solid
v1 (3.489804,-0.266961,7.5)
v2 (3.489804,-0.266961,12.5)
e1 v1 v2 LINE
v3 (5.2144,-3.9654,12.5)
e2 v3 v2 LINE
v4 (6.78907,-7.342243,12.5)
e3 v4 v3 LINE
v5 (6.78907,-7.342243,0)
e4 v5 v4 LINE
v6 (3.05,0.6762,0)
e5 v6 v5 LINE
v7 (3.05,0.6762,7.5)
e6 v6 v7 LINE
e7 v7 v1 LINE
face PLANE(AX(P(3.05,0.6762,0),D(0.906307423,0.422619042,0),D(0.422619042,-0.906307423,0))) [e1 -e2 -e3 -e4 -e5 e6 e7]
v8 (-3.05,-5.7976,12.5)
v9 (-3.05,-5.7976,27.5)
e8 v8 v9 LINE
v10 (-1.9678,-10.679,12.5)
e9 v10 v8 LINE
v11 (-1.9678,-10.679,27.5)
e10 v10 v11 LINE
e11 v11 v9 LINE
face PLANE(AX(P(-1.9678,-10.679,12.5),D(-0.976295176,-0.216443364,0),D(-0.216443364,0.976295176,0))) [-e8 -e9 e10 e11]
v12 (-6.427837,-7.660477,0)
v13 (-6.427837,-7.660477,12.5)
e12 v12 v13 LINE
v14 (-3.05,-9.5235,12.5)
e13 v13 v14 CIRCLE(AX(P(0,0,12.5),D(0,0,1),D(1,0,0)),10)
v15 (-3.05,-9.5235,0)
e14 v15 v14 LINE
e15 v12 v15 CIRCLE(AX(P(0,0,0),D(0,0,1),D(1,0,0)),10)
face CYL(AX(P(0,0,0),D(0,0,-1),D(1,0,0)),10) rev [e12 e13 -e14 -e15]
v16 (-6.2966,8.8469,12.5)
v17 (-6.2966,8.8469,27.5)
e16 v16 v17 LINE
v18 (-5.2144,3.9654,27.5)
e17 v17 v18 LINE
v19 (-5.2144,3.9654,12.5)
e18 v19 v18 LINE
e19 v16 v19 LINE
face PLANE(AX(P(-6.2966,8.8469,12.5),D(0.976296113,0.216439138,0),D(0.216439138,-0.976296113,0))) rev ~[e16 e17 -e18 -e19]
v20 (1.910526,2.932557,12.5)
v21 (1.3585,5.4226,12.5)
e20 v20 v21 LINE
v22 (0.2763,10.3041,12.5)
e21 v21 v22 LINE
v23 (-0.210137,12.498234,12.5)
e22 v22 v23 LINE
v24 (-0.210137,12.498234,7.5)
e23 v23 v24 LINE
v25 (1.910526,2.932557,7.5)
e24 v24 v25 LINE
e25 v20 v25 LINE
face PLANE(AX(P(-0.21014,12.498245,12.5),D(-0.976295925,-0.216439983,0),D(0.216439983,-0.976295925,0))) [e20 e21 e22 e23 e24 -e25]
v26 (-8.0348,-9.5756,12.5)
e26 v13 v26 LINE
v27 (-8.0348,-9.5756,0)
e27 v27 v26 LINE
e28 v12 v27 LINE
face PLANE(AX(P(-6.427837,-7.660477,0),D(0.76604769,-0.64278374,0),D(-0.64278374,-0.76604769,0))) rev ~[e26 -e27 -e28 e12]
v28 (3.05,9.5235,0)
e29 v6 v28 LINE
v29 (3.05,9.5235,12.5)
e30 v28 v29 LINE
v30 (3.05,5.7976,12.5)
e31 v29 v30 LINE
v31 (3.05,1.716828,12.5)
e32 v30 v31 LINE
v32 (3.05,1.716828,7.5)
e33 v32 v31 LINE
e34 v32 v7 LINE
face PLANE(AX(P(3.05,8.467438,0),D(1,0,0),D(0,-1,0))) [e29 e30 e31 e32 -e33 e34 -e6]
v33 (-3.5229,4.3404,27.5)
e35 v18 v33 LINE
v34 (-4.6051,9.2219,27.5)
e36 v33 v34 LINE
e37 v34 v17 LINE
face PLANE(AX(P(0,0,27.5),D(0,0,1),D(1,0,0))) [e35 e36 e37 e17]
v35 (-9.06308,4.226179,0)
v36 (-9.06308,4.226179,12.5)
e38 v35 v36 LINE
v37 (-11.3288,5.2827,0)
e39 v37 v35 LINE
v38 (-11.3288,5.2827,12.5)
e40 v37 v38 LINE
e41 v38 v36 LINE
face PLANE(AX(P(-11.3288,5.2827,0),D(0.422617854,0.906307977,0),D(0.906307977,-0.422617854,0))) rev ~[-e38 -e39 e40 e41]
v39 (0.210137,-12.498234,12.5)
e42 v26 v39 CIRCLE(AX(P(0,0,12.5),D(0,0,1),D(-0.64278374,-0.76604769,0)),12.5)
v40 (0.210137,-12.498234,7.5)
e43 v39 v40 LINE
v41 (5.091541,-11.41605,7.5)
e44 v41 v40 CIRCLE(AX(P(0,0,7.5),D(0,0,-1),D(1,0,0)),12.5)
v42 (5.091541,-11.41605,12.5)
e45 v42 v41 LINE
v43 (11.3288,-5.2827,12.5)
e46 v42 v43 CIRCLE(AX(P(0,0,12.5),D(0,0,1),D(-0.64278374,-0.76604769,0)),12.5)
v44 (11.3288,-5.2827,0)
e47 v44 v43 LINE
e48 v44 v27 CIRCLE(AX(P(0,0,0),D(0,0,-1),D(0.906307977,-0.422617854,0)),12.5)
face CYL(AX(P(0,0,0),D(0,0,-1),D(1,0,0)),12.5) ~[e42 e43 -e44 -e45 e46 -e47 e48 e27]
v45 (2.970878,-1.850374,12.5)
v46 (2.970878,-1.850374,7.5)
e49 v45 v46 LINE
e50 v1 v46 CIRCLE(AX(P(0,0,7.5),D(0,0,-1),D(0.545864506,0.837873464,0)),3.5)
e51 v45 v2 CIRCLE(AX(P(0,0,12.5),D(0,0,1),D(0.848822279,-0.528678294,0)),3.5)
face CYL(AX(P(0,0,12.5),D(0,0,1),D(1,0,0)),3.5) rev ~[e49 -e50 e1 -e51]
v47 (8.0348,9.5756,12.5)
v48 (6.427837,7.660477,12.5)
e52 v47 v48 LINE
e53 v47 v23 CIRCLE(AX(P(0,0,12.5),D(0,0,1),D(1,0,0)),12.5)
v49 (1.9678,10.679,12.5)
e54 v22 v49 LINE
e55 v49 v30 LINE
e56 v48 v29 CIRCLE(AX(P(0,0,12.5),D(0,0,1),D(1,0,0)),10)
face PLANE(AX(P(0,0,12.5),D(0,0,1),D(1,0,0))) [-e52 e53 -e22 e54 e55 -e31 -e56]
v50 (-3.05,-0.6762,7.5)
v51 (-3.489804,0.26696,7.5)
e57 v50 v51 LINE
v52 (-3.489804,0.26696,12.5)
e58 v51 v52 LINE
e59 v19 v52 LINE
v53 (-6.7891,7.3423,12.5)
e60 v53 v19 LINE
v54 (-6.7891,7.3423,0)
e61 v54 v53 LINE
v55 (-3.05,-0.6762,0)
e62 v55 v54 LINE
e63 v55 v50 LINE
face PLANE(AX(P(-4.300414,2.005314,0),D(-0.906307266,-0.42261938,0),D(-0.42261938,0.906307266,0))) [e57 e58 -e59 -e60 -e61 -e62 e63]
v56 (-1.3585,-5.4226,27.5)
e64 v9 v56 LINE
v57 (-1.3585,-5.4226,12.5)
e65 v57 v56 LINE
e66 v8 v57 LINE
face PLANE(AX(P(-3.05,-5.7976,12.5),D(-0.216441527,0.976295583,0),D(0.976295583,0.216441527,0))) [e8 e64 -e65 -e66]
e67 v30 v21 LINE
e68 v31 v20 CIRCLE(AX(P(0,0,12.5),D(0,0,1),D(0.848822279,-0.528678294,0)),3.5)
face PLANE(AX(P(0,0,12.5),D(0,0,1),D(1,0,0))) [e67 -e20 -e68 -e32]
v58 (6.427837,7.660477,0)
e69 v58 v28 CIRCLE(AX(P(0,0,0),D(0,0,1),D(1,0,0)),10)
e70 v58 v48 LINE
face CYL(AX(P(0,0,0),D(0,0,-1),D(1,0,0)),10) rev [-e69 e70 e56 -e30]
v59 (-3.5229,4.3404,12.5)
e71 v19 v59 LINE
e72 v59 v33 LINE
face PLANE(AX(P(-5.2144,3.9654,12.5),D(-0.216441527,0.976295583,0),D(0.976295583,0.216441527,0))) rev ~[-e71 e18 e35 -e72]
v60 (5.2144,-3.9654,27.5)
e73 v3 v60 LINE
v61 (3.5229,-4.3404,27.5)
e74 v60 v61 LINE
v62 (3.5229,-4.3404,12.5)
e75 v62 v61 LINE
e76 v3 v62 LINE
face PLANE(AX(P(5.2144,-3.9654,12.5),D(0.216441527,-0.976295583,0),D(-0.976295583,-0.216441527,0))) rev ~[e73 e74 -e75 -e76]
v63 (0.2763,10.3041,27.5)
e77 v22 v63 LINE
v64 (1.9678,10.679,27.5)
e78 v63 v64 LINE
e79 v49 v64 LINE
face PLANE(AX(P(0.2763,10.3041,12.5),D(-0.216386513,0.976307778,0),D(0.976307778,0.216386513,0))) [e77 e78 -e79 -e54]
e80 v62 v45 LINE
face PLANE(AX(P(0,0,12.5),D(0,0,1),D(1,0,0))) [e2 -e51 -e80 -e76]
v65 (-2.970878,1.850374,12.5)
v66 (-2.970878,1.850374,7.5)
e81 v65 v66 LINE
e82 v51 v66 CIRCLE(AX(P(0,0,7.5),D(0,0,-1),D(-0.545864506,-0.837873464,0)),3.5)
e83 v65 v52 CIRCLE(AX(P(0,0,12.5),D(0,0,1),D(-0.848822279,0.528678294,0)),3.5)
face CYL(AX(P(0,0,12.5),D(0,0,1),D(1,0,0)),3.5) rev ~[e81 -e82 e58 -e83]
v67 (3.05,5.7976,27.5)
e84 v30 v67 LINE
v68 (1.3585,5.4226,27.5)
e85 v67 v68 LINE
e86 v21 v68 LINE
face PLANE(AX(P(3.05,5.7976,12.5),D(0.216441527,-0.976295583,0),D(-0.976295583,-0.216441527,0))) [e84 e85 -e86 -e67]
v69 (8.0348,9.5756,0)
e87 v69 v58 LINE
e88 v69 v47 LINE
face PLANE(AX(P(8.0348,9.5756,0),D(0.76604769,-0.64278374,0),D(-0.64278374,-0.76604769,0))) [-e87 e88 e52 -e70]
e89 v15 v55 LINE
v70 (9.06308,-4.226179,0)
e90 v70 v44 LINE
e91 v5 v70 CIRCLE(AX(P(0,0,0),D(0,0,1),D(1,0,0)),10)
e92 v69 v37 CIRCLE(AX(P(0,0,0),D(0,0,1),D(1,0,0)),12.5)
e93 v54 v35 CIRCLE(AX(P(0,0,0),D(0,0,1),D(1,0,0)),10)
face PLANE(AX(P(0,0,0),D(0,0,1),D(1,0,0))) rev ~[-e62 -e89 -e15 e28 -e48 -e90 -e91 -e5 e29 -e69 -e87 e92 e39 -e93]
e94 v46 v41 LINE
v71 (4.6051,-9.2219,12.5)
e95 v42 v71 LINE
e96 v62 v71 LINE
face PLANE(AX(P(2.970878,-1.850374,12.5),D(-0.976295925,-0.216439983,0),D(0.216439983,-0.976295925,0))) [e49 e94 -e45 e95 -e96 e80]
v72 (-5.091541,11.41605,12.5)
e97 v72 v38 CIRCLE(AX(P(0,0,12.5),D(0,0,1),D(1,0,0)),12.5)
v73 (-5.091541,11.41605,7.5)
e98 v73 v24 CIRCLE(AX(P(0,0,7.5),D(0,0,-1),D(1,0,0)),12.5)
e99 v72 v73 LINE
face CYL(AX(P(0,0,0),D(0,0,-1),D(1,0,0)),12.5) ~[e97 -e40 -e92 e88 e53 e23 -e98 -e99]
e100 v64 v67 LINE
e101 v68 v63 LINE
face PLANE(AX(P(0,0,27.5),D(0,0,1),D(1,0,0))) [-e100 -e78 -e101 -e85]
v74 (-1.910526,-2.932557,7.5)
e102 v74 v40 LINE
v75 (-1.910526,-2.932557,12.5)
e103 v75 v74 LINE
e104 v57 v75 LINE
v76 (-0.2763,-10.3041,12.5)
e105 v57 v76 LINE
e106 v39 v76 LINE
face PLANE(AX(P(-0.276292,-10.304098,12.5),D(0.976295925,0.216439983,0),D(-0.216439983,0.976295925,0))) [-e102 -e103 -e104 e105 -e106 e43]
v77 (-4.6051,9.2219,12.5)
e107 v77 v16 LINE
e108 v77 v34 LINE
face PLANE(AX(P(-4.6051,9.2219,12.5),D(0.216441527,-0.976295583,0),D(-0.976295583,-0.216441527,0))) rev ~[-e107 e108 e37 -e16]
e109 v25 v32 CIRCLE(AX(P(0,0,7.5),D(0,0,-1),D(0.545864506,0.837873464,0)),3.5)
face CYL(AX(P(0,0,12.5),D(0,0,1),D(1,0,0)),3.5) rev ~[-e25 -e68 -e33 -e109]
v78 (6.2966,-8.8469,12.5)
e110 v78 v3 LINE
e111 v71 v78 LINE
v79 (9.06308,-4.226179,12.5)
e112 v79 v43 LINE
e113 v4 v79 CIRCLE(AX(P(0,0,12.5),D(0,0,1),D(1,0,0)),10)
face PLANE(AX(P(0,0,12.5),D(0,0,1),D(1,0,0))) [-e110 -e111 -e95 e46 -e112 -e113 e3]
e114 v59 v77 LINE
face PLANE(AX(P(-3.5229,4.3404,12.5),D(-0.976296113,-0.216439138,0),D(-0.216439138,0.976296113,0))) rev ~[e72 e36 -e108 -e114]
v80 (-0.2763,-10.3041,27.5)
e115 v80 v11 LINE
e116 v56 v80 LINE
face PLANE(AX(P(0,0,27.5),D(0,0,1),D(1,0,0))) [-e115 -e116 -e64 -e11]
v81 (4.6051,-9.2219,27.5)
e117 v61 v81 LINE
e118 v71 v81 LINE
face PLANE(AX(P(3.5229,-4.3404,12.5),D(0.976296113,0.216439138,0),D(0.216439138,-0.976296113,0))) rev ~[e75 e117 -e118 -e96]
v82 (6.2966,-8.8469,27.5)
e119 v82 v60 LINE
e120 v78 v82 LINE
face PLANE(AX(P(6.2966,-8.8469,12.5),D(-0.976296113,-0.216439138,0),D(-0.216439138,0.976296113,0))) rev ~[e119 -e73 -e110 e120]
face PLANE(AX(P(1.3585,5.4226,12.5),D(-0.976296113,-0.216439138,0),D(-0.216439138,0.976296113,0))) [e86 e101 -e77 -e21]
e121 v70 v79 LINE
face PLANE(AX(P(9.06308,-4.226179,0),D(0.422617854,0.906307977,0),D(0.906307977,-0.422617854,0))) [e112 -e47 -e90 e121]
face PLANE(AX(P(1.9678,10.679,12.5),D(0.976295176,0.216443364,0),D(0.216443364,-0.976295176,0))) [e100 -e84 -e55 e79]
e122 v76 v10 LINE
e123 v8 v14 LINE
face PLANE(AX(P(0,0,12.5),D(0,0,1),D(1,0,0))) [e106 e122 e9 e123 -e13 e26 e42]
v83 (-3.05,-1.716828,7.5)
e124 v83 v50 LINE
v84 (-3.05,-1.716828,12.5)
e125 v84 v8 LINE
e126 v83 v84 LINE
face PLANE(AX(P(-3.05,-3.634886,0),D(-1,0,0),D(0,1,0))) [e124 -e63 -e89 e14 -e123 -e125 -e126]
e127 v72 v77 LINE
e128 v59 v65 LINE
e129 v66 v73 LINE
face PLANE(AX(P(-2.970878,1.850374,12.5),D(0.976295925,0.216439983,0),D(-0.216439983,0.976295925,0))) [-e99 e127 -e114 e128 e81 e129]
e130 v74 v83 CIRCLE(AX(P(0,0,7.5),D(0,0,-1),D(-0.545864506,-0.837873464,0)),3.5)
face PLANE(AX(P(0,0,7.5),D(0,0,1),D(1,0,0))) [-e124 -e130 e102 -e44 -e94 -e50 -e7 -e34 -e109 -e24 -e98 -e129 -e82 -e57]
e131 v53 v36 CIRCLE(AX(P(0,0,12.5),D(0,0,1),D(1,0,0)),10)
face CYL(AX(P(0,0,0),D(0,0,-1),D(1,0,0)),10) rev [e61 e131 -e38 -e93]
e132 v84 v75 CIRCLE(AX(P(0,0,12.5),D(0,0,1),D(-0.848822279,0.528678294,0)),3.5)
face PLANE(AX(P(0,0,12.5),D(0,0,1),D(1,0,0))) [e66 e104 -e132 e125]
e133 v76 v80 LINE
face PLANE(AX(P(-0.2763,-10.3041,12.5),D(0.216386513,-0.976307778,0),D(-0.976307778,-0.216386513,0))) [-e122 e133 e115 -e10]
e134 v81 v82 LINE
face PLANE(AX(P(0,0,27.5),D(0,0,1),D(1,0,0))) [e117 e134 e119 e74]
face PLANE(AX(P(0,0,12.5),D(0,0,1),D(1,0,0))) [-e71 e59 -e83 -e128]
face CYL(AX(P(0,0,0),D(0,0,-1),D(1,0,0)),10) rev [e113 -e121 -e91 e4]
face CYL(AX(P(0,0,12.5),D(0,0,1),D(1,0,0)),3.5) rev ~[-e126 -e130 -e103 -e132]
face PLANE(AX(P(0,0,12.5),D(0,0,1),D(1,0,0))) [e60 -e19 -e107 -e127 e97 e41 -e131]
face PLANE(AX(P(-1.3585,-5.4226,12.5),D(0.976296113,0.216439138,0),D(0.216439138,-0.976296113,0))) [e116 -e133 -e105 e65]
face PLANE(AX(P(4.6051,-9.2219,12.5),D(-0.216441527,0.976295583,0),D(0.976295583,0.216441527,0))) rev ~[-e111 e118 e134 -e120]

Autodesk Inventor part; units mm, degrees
ref_plane "YZ Plane" through (0, 0, 0) normal (1, 0, 0) x (0, 1, 0)
ref_plane "XZ Plane" through (0, 0, 0) normal (0, 1, 0) x (-1, 0, 0)
ref_plane "XY Plane" through (0, 0, 0) normal (0, 0, 1) x (1, 0, 0)
sketch "스케치2" plane through (0, 0, 0) normal (0, 0, 1) x (1, 0, 0)
  circle A0 centre (0, 0) radius 9
  line L0 (-3.05, -9.5235) -> (-3.05, -0.6762)
  line L1 (-3.05, -0.6762) -> (-6.7891, 7.3423)
  line L2 (3.05, 9.5235) -> (3.05, 0.6762)
  line L3 (3.05, 0.6762) -> (7.8873, -9.6974)
  line L4 (-3.05, -0.6762) -> (3.05, 0.6762) construction
  circle A1 centre (0, 0) radius 12.5
  line L5 (-11.3288, 5.2827) -> (11.3288, -5.2827)
  line L6 (8.0348, 9.5756) -> (-8.0348, -9.5756)
  circle A2 centre (0, 0) radius 10
  point P0 (5.7851, 6.8944)
  point P1 (-8.1568, 3.8036)
  point P2 (6.3427, -6.3851)
  point P3 (-5.7851, -6.8944)
  point P4 (8.1568, -3.8036)
  point P5 (-6.4279, -7.6604)
  point P6 (9.0631, -4.2262)
  point P7 (6.7891, -7.3423)
  point P8 (6.4279, 7.6604)
  point P9 (-9.0631, 4.2262)
  dimension "d12" = 18
  dimension "d14" = 6.1
  dimension "d15" = 25
  dimension "d16" = 6.1
  dimension "d17" = 25
  dimension "d19" = 40
  dimension "d20" = 40
  dimension "d36" = 20
extrude "돌출1" add sketch "스케치2" along normal blind 12.5 contours L2 L6 L5 L1 A0 | A0 L1 A2 L2 | A2 L5 A1 L6 | L2 L3 L5 L6 | L3 A2 L0 A0 | A0 L0 L6 L5 L3 | L5 A1 L3 A2 | L6 L0 L1 L5 | L3 A1 L6 A2 picked at (3.8905, 10.9384)
sketch "스케치3" plane through (0, 0, 12.5) normal (0, 0, 1) x (1, 0, 0)
  arc A0 (8.0348, 9.5756) -> (-11.3288, 5.2827) centre (0, 0) ccw projected
  line L0 (-11.3288, 5.2827) -> (-9.0631, 4.2262) projected
  line L1 (-6.7891, 7.3423) -> (-3.05, -0.6762) projected
  line L2 (-3.05, -0.6762) -> (-3.05, -9.5235) projected
  line L3 (-6.4279, -7.6604) -> (-8.0348, -9.5756) projected
  arc A1 (-8.0348, -9.5756) -> (11.3288, -5.2827) centre (0, 0) ccw projected
  line L4 (11.3288, -5.2827) -> (9.0631, -4.2262) projected
  line L5 (6.7891, -7.3423) -> (3.05, 0.6762) projected
  line L6 (3.05, 0.6762) -> (3.05, 9.5235) projected
  line L7 (6.4279, 7.6604) -> (8.0348, 9.5756) projected
  arc A2 (8.0348, 9.5756) -> (-11.3288, 5.2827) centre (0, 0) ccw projected
  line L8 (-2.7055, 12.2037) -> (2.7055, -12.2037)
  arc A3 (-8.0348, -9.5756) -> (11.3288, -5.2827) centre (0, 0) ccw projected
  line L9 (3.05, 0.6762) -> (3.05, 9.5235) projected
  line L10 (-3.05, -0.6762) -> (3.05, 0.6762)
  line L11 (-3.5229, 4.3404) -> (-4.6051, 9.2219)
  line L12 (-4.6051, 9.2219) -> (-6.2966, 8.8469)
  line L13 (-6.2966, 8.8469) -> (-5.2144, 3.9654)
  line L14 (-5.2144, 3.9654) -> (-3.5229, 4.3404)
  line L15 (-3.5229, 4.3404) -> (-6.2966, 8.8469) construction
  line L16 (-4.6051, 9.2219) -> (-5.2144, 3.9654) construction
  line L17 (1.3585, 5.4226) -> (0.2763, 10.3041)
  line L18 (0.2763, 10.3041) -> (1.9678, 10.679)
  line L19 (1.9678, 10.679) -> (3.05, 5.7976)
  line L20 (3.05, 5.7976) -> (1.3585, 5.4226)
  line L21 (1.3585, 5.4226) -> (1.9678, 10.679) construction
  line L22 (0.2763, 10.3041) -> (3.05, 5.7976) construction
  line L23 (-1.3585, -5.4226) -> (-0.2763, -10.3041)
  line L24 (-0.2763, -10.3041) -> (-1.9678, -10.679)
  line L25 (-1.9678, -10.679) -> (-3.05, -5.7976)
  line L26 (-3.05, -5.7976) -> (-1.3585, -5.4226)
  line L27 (-1.3585, -5.4226) -> (-1.9678, -10.679) construction
  line L28 (-0.2763, -10.3041) -> (-3.05, -5.7976) construction
  line L29 (3.5229, -4.3404) -> (4.6051, -9.2219)
  line L30 (4.6051, -9.2219) -> (5.2144, -3.9654) construction
  line L31 (4.6051, -9.2219) -> (6.2966, -8.8469)
  line L32 (6.2966, -8.8469) -> (5.2144, -3.9654)
  line L33 (5.2144, -3.9654) -> (3.5229, -4.3404)
  line L34 (3.5229, -4.3404) -> (6.2966, -8.8469) construction
  arc A4 (-6.7891, 7.3423) -> (-9.0631, 4.2262) centre (0, 0) ccw projected
  arc A5 (-6.4279, -7.6604) -> (-3.05, -9.5235) centre (0, 0) ccw projected
  arc A6 (6.7891, -7.3423) -> (9.0631, -4.2262) centre (0, 0) ccw projected
  arc A7 (6.4279, 7.6604) -> (3.05, 9.5235) centre (0, 0) ccw projected
  point P0 (3.05, 8.4674)
  point P1 (-4.9098, 6.5936)
  point P2 (1.6632, 8.0508)
  point P3 (-1.6632, -8.0508)
  point P4 (4.9098, -6.5936)
  dimension "d32" = 2.5
  dimension "d33" = 5
  dimension "d35" = 5
extrude "돌출2" add sketch "스케치3" along normal blind 15 contours L20 L17 L18 L19 | L13 L12 L11 L14 | L32 L31 L29 L33 | L26 L23 L24 L25
sketch "스케치4" plane through (0, 0, 12.5) normal (0, 0, 1) x (1, 0, 0)
  line L0 (0.2648, -12.7448) -> (-5.1462, 11.6626)
  line L1 (-5.1462, 11.6626) -> (-0.2648, 12.7448)
  line L2 (-0.2648, 12.7448) -> (5.1462, -11.6626)
  line L3 (5.1462, -11.6626) -> (0.2648, -12.7448)
  line L4 (0.2648, -12.7448) -> (-0.2648, 12.7448) construction
  line L5 (-5.1462, 11.6626) -> (5.1462, -11.6626) construction
  line L6 (-5.0577, 22.8136) -> (5.0577, -22.8136) projected
  circle A0 centre (0, 0) radius 3.5
  line L7 (-6.4279, -7.6604) -> (-8.0348, -9.5756) projected
  arc A1 (-8.0348, -9.5756) -> (11.3288, -5.2827) centre (0, 0) ccw projected
  line L8 (11.3288, -5.2827) -> (9.0631, -4.2262) projected
  arc A2 (6.7891, -7.3423) -> (9.0631, -4.2262) centre (0, 0) ccw projected
  line L9 (6.7891, -7.3423) -> (5.2144, -3.9654) projected
  line L10 (5.2144, -3.9654) -> (6.2966, -8.8469) projected
  line L11 (6.2966, -8.8469) -> (4.6051, -9.2219) projected
  line L12 (4.6051, -9.2219) -> (3.5229, -4.3404) projected
  line L13 (3.5229, -4.3404) -> (5.2144, -3.9654) projected
  line L14 (5.2144, -3.9654) -> (3.05, 0.6762) projected
  line L15 (3.05, 0.6762) -> (3.05, 5.7976) projected
  line L16 (3.05, 5.7976) -> (1.3585, 5.4226) projected
  line L17 (1.3585, 5.4226) -> (0.2763, 10.3041) projected
  line L18 (0.2763, 10.3041) -> (1.9678, 10.679) projected
  line L19 (1.9678, 10.679) -> (3.05, 5.7976) projected
  line L20 (3.05, 5.7976) -> (3.05, 9.5235) projected
  arc A3 (6.4279, 7.6604) -> (3.05, 9.5235) centre (0, 0) ccw projected
  line L21 (6.4279, 7.6604) -> (8.0348, 9.5756) projected
  arc A4 (8.0348, 9.5756) -> (-11.3288, 5.2827) centre (0, 0) ccw projected
  line L22 (-11.3288, 5.2827) -> (-9.0631, 4.2262) projected
  arc A5 (-6.7891, 7.3423) -> (-9.0631, 4.2262) centre (0, 0) ccw projected
  line L23 (-6.7891, 7.3423) -> (-5.2144, 3.9654) projected
  line L24 (-5.2144, 3.9654) -> (-6.2966, 8.8469) projected
  line L25 (-6.2966, 8.8469) -> (-4.6051, 9.2219) projected
  line L26 (-4.6051, 9.2219) -> (-3.5229, 4.3404) projected
  line L27 (-3.5229, 4.3404) -> (-5.2144, 3.9654) projected
  line L28 (-5.2144, 3.9654) -> (-3.05, -0.6762) projected
  line L29 (-3.05, -0.6762) -> (-3.05, -5.7976) projected
  line L30 (-3.05, -5.7976) -> (-1.3585, -5.4226) projected
  line L31 (-1.3585, -5.4226) -> (-0.2763, -10.3041) projected
  line L32 (-0.2763, -10.3041) -> (-1.9678, -10.679) projected
  line L33 (-1.9678, -10.679) -> (-3.05, -5.7976) projected
  line L34 (-3.05, -5.7976) -> (-3.05, -9.5235) projected
  arc A6 (-6.4279, -7.6604) -> (-3.05, -9.5235) centre (0, 0) ccw projected
  line L35 (-1.3585, -5.4226) -> (-3.05, -5.7976) projected
  line L36 (-3.05, -5.7976) -> (-1.9678, -10.679) projected
  line L37 (-1.9678, -10.679) -> (-0.2763, -10.3041) projected
  line L38 (-0.2763, -10.3041) -> (-1.3585, -5.4226) projected
  line L39 (6.2966, -8.8469) -> (5.2144, -3.9654) projected
  line L40 (5.2144, -3.9654) -> (3.5229, -4.3404) projected
  line L41 (3.5229, -4.3404) -> (4.6051, -9.2219) projected
  line L42 (4.6051, -9.2219) -> (6.2966, -8.8469) projected
  point P0 (1.9106, 2.9325)
  point P1 (2.9709, -1.8503)
  point P2 (-2.9709, 1.8503)
  point P3 (-1.9106, -2.9325)
  dimension "d37" = 7
extrude "돌출3" cut sketch "스케치4" against normal blind 5 contours L0 A0 L6 A1 | A1 L3 L0 | A0 L29 L28 L0 | L0 A0 L6 | A1 L2 L3 | L6 A0 L2 A1 | L0 A4 L6 A0 | A0 L28 L29 | L6 A0 L2 | L6 A4 L2 A0 | L2 A0 L15 L14 | A4 L0 L1 | L1 L2 A4 | L14 L15 A0
properties part number "_3D 인쇄"
